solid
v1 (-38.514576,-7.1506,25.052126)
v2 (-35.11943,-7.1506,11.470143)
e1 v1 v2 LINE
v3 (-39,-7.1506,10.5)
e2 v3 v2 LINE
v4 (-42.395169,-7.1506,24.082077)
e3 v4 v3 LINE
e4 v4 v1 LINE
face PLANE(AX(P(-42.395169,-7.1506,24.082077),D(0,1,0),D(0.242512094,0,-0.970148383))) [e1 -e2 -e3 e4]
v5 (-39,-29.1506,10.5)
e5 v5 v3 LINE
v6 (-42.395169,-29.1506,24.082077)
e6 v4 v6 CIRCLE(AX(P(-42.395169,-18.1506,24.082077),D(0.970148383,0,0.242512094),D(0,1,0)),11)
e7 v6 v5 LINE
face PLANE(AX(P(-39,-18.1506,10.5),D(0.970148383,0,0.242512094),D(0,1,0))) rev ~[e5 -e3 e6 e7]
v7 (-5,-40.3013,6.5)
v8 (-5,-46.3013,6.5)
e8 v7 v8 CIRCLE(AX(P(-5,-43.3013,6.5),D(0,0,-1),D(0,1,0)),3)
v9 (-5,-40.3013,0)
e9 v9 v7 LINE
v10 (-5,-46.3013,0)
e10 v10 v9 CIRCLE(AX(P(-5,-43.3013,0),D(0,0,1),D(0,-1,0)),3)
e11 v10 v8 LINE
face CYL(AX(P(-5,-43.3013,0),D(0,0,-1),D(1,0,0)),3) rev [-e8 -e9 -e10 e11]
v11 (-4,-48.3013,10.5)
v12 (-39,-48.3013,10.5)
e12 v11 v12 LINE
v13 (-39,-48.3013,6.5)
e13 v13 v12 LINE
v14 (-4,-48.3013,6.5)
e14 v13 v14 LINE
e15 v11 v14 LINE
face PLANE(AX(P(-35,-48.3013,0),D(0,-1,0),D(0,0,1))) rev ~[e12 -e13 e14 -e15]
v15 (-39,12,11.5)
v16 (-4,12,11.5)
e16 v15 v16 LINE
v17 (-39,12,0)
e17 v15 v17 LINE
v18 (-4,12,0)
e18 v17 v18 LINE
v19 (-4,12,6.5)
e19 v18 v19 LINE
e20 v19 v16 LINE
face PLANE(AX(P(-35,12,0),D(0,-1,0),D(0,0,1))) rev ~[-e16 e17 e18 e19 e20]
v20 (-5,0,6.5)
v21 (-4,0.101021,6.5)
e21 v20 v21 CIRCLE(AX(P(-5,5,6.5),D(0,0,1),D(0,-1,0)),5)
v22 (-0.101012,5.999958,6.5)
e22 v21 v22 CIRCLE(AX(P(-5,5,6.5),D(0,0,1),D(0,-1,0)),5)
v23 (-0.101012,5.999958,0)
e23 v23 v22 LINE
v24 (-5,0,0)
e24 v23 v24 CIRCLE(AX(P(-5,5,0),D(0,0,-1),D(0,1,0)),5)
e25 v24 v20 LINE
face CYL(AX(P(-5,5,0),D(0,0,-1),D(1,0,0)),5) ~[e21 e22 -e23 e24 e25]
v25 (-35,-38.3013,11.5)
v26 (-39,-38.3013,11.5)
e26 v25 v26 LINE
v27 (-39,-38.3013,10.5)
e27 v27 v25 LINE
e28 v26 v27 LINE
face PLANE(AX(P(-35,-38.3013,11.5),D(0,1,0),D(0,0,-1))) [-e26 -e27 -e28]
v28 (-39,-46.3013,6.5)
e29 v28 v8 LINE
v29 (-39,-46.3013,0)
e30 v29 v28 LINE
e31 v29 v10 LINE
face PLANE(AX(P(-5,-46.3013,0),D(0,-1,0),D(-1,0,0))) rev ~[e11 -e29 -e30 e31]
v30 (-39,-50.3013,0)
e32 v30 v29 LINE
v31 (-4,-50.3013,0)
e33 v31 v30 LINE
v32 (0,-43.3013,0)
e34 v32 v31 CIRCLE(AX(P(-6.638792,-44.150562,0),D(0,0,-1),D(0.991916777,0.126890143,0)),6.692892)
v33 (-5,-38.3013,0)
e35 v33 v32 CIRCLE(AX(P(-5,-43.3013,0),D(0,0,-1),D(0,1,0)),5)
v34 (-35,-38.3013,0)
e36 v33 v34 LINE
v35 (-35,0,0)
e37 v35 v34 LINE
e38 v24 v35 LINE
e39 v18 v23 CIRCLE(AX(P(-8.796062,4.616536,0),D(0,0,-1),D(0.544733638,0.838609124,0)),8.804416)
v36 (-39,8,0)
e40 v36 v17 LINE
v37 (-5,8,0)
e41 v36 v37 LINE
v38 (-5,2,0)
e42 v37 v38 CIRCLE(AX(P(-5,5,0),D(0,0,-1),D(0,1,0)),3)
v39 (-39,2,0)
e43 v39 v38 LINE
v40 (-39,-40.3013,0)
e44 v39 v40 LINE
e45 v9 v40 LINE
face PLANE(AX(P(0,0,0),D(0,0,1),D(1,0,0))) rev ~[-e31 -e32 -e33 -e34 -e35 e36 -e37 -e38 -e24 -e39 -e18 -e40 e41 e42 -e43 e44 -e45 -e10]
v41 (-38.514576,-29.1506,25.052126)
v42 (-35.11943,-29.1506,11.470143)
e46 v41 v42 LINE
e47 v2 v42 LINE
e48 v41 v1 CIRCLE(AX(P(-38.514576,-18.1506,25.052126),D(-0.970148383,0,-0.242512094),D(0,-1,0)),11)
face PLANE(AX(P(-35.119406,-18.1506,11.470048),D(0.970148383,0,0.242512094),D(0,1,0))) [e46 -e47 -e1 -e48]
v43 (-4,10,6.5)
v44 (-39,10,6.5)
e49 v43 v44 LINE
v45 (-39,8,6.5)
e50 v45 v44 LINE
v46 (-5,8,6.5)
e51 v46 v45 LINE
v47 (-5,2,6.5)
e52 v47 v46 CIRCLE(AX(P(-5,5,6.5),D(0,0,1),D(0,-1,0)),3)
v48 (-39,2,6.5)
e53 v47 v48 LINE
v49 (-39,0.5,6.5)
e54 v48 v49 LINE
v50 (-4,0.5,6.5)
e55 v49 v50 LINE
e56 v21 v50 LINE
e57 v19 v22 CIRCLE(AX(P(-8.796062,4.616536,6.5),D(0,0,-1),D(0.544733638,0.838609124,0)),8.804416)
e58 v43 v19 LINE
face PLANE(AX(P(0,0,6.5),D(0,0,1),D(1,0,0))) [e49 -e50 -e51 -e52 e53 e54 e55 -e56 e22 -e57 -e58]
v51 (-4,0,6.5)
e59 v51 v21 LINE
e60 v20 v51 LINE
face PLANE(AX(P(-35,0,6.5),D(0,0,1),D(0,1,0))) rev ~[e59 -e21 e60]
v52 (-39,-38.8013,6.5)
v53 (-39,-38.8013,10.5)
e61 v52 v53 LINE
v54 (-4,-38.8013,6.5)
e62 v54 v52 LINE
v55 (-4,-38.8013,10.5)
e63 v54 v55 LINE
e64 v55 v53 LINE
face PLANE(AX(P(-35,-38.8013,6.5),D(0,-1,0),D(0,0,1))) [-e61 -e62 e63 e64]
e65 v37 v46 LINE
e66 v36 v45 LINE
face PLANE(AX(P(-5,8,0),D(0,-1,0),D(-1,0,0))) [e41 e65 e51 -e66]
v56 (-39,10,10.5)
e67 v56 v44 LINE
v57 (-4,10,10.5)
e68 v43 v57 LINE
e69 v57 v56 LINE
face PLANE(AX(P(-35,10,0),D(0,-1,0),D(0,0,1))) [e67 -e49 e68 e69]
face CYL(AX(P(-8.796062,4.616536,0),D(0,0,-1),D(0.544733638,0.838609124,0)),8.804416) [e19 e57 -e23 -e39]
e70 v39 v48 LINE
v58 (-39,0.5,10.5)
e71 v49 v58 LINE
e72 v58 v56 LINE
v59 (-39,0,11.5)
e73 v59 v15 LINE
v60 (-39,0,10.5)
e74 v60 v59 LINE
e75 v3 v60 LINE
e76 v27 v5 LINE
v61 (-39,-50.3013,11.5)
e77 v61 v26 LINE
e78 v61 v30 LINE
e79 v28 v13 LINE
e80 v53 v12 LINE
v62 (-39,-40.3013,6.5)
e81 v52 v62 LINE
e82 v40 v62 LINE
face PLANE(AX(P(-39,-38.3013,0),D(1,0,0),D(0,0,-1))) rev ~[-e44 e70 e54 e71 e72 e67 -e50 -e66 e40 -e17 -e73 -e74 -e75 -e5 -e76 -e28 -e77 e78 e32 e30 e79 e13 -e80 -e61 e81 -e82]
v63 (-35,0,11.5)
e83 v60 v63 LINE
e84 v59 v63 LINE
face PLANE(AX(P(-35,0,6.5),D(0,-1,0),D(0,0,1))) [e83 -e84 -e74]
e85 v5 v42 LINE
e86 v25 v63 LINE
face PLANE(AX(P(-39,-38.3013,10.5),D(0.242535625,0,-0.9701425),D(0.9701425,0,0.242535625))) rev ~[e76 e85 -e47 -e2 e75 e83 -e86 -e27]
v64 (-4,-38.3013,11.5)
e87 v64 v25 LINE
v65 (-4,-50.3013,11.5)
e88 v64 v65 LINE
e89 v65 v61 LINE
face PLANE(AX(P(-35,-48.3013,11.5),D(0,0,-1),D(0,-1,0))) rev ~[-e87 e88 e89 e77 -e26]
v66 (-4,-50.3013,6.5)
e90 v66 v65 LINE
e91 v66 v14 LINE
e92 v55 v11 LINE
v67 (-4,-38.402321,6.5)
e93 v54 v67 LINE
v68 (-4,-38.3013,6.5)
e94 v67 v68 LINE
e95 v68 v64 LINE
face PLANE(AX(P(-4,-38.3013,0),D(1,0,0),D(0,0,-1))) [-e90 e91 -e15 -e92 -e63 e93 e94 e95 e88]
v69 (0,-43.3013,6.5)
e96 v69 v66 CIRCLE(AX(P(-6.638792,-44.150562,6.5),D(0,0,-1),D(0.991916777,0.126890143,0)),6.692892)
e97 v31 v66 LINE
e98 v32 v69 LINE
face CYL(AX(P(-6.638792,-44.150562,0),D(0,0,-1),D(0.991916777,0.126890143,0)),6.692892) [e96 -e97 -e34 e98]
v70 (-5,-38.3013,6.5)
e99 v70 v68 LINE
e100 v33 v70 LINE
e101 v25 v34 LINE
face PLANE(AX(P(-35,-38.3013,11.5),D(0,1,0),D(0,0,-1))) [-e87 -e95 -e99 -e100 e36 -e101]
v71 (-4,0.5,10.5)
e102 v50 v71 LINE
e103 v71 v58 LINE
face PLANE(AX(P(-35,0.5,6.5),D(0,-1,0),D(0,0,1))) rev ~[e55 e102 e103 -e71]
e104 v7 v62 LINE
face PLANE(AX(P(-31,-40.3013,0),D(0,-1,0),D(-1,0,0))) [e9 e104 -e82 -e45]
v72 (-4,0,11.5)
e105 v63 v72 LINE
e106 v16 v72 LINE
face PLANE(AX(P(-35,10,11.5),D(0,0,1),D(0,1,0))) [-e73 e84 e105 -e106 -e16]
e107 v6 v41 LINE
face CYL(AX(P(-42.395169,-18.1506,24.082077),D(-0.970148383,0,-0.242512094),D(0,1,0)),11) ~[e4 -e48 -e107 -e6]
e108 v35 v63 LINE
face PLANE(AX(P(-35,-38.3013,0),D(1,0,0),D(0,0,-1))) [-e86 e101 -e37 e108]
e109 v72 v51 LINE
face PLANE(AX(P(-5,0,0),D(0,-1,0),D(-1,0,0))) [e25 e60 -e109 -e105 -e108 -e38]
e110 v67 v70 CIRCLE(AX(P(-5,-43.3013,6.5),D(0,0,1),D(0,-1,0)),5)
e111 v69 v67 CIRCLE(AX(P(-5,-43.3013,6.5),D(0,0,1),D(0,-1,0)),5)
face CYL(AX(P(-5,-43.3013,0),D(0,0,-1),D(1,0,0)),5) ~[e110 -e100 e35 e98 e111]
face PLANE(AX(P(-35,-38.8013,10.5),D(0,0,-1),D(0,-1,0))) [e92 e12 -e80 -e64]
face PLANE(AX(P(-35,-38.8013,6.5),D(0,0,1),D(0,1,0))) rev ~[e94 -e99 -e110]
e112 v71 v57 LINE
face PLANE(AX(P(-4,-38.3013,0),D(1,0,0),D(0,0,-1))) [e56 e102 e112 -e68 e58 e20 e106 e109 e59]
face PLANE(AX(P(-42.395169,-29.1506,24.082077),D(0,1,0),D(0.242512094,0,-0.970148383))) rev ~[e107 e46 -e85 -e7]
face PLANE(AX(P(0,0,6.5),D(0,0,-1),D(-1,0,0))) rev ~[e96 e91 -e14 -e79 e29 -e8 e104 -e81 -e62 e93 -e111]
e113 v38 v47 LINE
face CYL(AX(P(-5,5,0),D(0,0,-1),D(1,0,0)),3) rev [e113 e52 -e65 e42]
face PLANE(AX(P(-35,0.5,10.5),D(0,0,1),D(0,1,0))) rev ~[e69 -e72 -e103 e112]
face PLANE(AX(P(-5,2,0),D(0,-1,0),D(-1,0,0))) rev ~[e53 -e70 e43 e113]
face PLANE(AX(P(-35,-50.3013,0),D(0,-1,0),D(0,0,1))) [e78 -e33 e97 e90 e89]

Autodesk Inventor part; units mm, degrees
ref_plane "YZ Plane" through (0, 0, 0) normal (1, 0, 0) x (0, 1, 0)
ref_plane "XZ Plane" through (0, 0, 0) normal (0, 1, 0) x (-1, 0, 0)
ref_plane "XY Plane" through (0, 0, 0) normal (0, 0, 1) x (1, 0, 0)
sketch "Sketch1" plane through (0, 0, 0) normal (0, 0, 1) x (1, 0, 0)
  circle A0 centre (-35, 5) radius 2.5
  circle A1 centre (-35, -43.3013) radius 2.5
  circle A2 centre (-5, -43.3013) radius 2.5
  circle A3 centre (-5, 5) radius 2.5
  circle A4 centre (-5, 5) radius 3
  circle A5 centre (-35, 5) radius 3
  circle A6 centre (-5, -43.3013) radius 3
  circle A7 centre (-5, 5) radius 5
  line L0 (-5, 8) -> (-35, 8)
  line L1 (-5, 2) -> (-35, 2)
  circle A8 centre (-35, -43.3013) radius 5
  circle A9 centre (-5, -43.3013) radius 5
  circle A10 centre (-35, -43.3013) radius 3
  line L2 (-5, -40.3013) -> (-35, -40.3013)
  line L3 (-5, -46.3013) -> (-35, -46.3013)
  circle A11 centre (-35, 5) radius 5
  line L4 (-35, 8) -> (-39, 8)
  line L5 (-35, 2) -> (-39, 2)
  line L6 (-35, -40.3013) -> (-39, -40.3013)
  line L7 (-35, -46.3013) -> (-39, -46.3013)
  line L8 (-5, 10) -> (-35, 10)
  line L9 (-5, 0) -> (-35, 0)
  line L10 (-5, -38.3013) -> (-35, -38.3013)
  line L11 (-5, -48.3013) -> (-35, -48.3013)
  line L12 (-35, 0) -> (-35, -38.3013)
  line L13 (-39, 2) -> (-39, -40.3013)
  point P0 (0, 0)
  dimension "d0" = 6
  dimension "d1" = 6
  dimension "d3" = 6
  dimension "d4" = 10
  dimension "d5" = 10
  dimension "d6" = 6
  dimension "d7" = 10
extrude "Extrusion1" add sketch "Sketch1" along normal blind 6.5 contours A4 L0 A7 L1 | L0 A11 L8 A7 | A7 L9 A11 L1 | L0 L4 A11 | A11 L5 L1 | L12 A8 L13 A11 | A8 L2 L6 | L10 A9 L2 A8 | A9 L3 A6 L2 | L7 L3 A8 | A8 L3 A9 L11 picked at (-7.4012, 8.2796) picked at (-7.4012, -46.5809)
sketch "Sketch2" plane through (-35, -38.3013, 0) normal (1, 0, 0) x (0, 0, -1)
  line L0 (-6.5, 0) -> (-6.5, 38.3013) projected
  line L1 (-6.5, 38.3013) -> (-6.5, 40.3013)
  line L2 (-6.5, 38.3013) -> (-11.5, 38.3013)
  line L3 (-6.5, 38.3013) -> (-1.5, 38.3013) construction
  line L4 (-6.5, 0) -> (-11.5, 0)
  line L5 (-6.5, 40.3013) -> (-6.5, -2) projected
  line L6 (-6.5, 0) -> (-1.5, 0) construction
  line L7 (-11.5, 0) -> (-11.5, 38.3013)
  point P0 (0, 38.3013)
  dimension "d10" = 5
  dimension "d11" = 180
  dimension "d12" = 5
  dimension "d13" = 180
extrude "Extrusion2" add sketch "Sketch2" against normal blind 4
sketch "Sketch3" plane through (-35, -38.3013, 6.5) normal (0, -1, 0) x (1, 0, 0)
  line L0 (0, 5) -> (0, 0) projected
  line L1 (0, 5) -> (-4, 5) projected
  line L2 (-4, 0) -> (-4, 5) projected
  line L3 (0, 0) -> (-4, 0) projected
  line L4 (-4, 5) -> (-4, 4)
  line L5 (-4, 4) -> (0, 5)
  point P0 (35, -6.5)
  dimension "d16" = 1
extrude "Extrusion3" cut sketch "Sketch3" against normal up to surface (38.3013 mm away) contours L5 L2 L1
ref_plane "Work Plane1" through (-39, -18.1506, 10.5) normal (0.9701, 0, 0.2425) x (0, 1, 0)
sketch "Sketch5" plane through (-35, -38.3013, 0) normal (1, 0, 0) x (0, 0, -1)
  line L0 (0, 38.3013) -> (0, 48.3013) projected
  line L1 (0, 48.3013) -> (-6.5, 48.3013) projected
  line L2 (-6.5, 38.3013) -> (-6.5, 48.3013) projected
  line L3 (0, 38.3013) -> (-6.5, 38.3013) projected
  line L4 (0, -10) -> (0, 0) projected
  line L5 (0, 0) -> (-6.5, 0) projected
  line L6 (-6.5, -10) -> (-6.5, 0) projected
  line L7 (0, -10) -> (-6.5, -10) projected
  line L8 (0, 0) -> (0, 38.3013) projected
  line L9 (0, 38.3013) -> (-6.5, 38.3013) projected
  line L10 (-6.5, 38.3013) -> (-11.5, 38.3013) projected
  line L11 (-11.5, 38.3013) -> (-11.5, 0) projected
  line L12 (-11.5, 0) -> (-6.5, 0) projected
  line L13 (0, 0) -> (-6.5, 0) projected
  line L14 (0, 48.3013) -> (0, 50.3013)
  line L15 (0, 50.3013) -> (-17.5997, 50.3013)
  line L16 (0, -10) -> (0, -12)
  line L17 (0, -12) -> (-16.7586, -12)
  line L18 (-11.5, 0) -> (-11.5, -14.3259)
  line L19 (-6.5, 38.3013) -> (-11.5, 38.3013) projected
  line L20 (-11.5, 38.3013) -> (-11.5, 54.2478)
  line L21 (-6.5, 48.3013) -> (-17.5997, 48.3013)
  line L22 (-6.5, -8) -> (-6.5, -10) projected
  line L23 (-6.5, -10) -> (-16.7586, -10)
  line L24 (-6.5, 38.3013) -> (-6.5, 38.8013)
  line L25 (-6.5, 38.8013) -> (-12, 38.8013)
  line L26 (-6.5, 0) -> (-6.5, -2) projected
  line L27 (-6.5, 0) -> (-6.5, -0.5)
  line L28 (-6.5, -0.5) -> (-13.9811, -0.5)
  line L29 (-11.5, 38.3013) -> (-10.5, 38.3013)
  line L30 (-10.5, 38.3013) -> (-10.5, 53.5621)
  line L31 (-11.5, 38.3013) -> (-11.5, 0) projected
  line L32 (-11.5, 0) -> (-10.5, 0)
  line L33 (-10.5, 0) -> (-10.5, -14.7859)
  point P0 (0, 38.3013)
  point P1 (-10.5, -0.5)
  point P2 (-6.5, -0.5)
  point P3 (-11.5, -12)
  point P4 (-10.5, -10)
  point P5 (-11.5, 50.3013)
  point P6 (-10.5, 38.8013)
  point P7 (-10.5, 48.3013)
  dimension "d26" = 2
  dimension "d27" = 2
  dimension "d28" = 0.5
  dimension "d29" = 90
  dimension "d30" = 0.5
  dimension "d31" = 1
extrude "Extrusion5" add sketch "Sketch5" along normal blind 31 and the other way blind 4 contours L1 L21 L30 L15 L14 | L10 L30 L25 L2 | L10 L20 L25 L30 | L16 L17 L33 L23 L7 | L6 L28 L33 L12 | L30 L25 L20 L21 | L21 L20 L15 L30 | L33 L28 L18 L12 | L33 L17 L18 L23 | L23 L18 L28 L33
sketch "Sketch24" plane through (0, 0, 0) normal (0, 0, -1) x (-1, 0, 0)
  line L0 (39, 2) -> (39, -40.3013) projected
  line L1 (5, 2) -> (39, 2) projected
  arc A0 (5, 8) -> (5, 2) centre (5, 5) ccw projected
  line L2 (39, 8) -> (5, 8) projected
  arc A1 (39, 8) -> (35, 10) centre (35, 5) ccw projected
  line L3 (39, 10) -> (35, 10) projected
  line L4 (39, 12) -> (39, 10) projected
  line L5 (4, 12) -> (39, 12) projected
  line L6 (4, 10) -> (4, 12) projected
  line L7 (5, 10) -> (4, 10) projected
  arc A2 (5, 10) -> (5, 0) centre (5, 5) ccw projected
  line L8 (35, 0) -> (5, 0) projected
  line L9 (35, -38.3013) -> (35, 0) projected
  line L10 (5, -38.3013) -> (35, -38.3013) projected
  arc A3 (5, -38.3013) -> (5, -48.3013) centre (5, -43.3013) ccw projected
  line L11 (5, -48.3013) -> (4, -48.3013) projected
  line L12 (4, -50.3013) -> (4, -48.3013) projected
  line L13 (39, -50.3013) -> (4, -50.3013) projected
  line L14 (39, -48.3013) -> (39, -50.3013) projected
  line L15 (39, -48.3013) -> (35, -48.3013) projected
  arc A4 (35, -48.3013) -> (39, -46.3013) centre (35, -43.3013) ccw projected
  line L16 (5, -46.3013) -> (39, -46.3013) projected
  arc A5 (5, -40.3013) -> (5, -46.3013) centre (5, -43.3013) ccw projected
  line L17 (39, -40.3013) -> (5, -40.3013) projected
  line L18 (4, 12) -> (4, 0) projected
  arc A6 (4, 12) -> (0, 5) centre (8.7961, 4.6165) ccw
  arc A7 (0, -43.3013) -> (4, -50.3013) centre (6.6386, -44.1506) ccw
  line L19 (39, 8) -> (39, 12)
  line L20 (39, 0.5) -> (4, 0.5) projected
  line L21 (39, -46.3013) -> (39, -48.3982)
  line L22 (39, -48.3013) -> (39, -50.3013) projected
  point P0 (0, 0)
  point P1 (0.101, 6)
extrude "Extrusion23" add sketch "Sketch24" against normal blind 6.5 contours L18 L7 A2 | A2 A6 L6 L18 | L21 L15 A4 | A1 L3 L19 | A3 L11 L12 A7
sketch "Sketch25" plane through (-39, 2, 0) normal (-1, 0, 0) x (0, 0, 1)
  line L0 (6.5, -50.3013) -> (10.5, -50.3013) projected
  line L1 (10.5, -50.3013) -> (10.5, -40.8013) projected
  line L2 (10.5, -40.8013) -> (6.5, -40.8013) projected
  line L3 (6.5, -40.8013) -> (6.5, -50.3013)
  line L4 (0, -45.3013) -> (10.5, -45.3013) projected
  line L5 (6.5, -42.3013) -> (0, -42.3013) projected
  line L6 (0, 0) -> (0, -42.3013) projected
  point P0 (0, -2)
  point P1 (6.5, -45.3013)
extrude "Extrusion24" cut sketch "Sketch25" against normal blind 23.75
sketch "Sketch35" plane through (-39, -18.1506, 10.5) normal (0.9701, 0, 0.2425) x (0, 1, 0)
  line L0 (-20.1506, 0) -> (18.1506, 0) projected
  line L1 (0, 0) -> (0, 30)
  line L2 (0, 0) -> (30, 0) construction
  circle A0 centre (0, 14) radius 11
  line L3 (11, 14) -> (11, 0)
  line L4 (-11, 14) -> (-11, 0)
  line L5 (0, 25) -> (0, 35)
  point P0 (18.1506, -19.6454)
  point P1 (11, 0)
  dimension "d177" = 30
  dimension "d178" = 90
  dimension "d179" = 22
  dimension "d182" = 10
extrude "Extrusion34" add sketch "Sketch35" along normal blind 4
properties part number "CapTurnerV3"
